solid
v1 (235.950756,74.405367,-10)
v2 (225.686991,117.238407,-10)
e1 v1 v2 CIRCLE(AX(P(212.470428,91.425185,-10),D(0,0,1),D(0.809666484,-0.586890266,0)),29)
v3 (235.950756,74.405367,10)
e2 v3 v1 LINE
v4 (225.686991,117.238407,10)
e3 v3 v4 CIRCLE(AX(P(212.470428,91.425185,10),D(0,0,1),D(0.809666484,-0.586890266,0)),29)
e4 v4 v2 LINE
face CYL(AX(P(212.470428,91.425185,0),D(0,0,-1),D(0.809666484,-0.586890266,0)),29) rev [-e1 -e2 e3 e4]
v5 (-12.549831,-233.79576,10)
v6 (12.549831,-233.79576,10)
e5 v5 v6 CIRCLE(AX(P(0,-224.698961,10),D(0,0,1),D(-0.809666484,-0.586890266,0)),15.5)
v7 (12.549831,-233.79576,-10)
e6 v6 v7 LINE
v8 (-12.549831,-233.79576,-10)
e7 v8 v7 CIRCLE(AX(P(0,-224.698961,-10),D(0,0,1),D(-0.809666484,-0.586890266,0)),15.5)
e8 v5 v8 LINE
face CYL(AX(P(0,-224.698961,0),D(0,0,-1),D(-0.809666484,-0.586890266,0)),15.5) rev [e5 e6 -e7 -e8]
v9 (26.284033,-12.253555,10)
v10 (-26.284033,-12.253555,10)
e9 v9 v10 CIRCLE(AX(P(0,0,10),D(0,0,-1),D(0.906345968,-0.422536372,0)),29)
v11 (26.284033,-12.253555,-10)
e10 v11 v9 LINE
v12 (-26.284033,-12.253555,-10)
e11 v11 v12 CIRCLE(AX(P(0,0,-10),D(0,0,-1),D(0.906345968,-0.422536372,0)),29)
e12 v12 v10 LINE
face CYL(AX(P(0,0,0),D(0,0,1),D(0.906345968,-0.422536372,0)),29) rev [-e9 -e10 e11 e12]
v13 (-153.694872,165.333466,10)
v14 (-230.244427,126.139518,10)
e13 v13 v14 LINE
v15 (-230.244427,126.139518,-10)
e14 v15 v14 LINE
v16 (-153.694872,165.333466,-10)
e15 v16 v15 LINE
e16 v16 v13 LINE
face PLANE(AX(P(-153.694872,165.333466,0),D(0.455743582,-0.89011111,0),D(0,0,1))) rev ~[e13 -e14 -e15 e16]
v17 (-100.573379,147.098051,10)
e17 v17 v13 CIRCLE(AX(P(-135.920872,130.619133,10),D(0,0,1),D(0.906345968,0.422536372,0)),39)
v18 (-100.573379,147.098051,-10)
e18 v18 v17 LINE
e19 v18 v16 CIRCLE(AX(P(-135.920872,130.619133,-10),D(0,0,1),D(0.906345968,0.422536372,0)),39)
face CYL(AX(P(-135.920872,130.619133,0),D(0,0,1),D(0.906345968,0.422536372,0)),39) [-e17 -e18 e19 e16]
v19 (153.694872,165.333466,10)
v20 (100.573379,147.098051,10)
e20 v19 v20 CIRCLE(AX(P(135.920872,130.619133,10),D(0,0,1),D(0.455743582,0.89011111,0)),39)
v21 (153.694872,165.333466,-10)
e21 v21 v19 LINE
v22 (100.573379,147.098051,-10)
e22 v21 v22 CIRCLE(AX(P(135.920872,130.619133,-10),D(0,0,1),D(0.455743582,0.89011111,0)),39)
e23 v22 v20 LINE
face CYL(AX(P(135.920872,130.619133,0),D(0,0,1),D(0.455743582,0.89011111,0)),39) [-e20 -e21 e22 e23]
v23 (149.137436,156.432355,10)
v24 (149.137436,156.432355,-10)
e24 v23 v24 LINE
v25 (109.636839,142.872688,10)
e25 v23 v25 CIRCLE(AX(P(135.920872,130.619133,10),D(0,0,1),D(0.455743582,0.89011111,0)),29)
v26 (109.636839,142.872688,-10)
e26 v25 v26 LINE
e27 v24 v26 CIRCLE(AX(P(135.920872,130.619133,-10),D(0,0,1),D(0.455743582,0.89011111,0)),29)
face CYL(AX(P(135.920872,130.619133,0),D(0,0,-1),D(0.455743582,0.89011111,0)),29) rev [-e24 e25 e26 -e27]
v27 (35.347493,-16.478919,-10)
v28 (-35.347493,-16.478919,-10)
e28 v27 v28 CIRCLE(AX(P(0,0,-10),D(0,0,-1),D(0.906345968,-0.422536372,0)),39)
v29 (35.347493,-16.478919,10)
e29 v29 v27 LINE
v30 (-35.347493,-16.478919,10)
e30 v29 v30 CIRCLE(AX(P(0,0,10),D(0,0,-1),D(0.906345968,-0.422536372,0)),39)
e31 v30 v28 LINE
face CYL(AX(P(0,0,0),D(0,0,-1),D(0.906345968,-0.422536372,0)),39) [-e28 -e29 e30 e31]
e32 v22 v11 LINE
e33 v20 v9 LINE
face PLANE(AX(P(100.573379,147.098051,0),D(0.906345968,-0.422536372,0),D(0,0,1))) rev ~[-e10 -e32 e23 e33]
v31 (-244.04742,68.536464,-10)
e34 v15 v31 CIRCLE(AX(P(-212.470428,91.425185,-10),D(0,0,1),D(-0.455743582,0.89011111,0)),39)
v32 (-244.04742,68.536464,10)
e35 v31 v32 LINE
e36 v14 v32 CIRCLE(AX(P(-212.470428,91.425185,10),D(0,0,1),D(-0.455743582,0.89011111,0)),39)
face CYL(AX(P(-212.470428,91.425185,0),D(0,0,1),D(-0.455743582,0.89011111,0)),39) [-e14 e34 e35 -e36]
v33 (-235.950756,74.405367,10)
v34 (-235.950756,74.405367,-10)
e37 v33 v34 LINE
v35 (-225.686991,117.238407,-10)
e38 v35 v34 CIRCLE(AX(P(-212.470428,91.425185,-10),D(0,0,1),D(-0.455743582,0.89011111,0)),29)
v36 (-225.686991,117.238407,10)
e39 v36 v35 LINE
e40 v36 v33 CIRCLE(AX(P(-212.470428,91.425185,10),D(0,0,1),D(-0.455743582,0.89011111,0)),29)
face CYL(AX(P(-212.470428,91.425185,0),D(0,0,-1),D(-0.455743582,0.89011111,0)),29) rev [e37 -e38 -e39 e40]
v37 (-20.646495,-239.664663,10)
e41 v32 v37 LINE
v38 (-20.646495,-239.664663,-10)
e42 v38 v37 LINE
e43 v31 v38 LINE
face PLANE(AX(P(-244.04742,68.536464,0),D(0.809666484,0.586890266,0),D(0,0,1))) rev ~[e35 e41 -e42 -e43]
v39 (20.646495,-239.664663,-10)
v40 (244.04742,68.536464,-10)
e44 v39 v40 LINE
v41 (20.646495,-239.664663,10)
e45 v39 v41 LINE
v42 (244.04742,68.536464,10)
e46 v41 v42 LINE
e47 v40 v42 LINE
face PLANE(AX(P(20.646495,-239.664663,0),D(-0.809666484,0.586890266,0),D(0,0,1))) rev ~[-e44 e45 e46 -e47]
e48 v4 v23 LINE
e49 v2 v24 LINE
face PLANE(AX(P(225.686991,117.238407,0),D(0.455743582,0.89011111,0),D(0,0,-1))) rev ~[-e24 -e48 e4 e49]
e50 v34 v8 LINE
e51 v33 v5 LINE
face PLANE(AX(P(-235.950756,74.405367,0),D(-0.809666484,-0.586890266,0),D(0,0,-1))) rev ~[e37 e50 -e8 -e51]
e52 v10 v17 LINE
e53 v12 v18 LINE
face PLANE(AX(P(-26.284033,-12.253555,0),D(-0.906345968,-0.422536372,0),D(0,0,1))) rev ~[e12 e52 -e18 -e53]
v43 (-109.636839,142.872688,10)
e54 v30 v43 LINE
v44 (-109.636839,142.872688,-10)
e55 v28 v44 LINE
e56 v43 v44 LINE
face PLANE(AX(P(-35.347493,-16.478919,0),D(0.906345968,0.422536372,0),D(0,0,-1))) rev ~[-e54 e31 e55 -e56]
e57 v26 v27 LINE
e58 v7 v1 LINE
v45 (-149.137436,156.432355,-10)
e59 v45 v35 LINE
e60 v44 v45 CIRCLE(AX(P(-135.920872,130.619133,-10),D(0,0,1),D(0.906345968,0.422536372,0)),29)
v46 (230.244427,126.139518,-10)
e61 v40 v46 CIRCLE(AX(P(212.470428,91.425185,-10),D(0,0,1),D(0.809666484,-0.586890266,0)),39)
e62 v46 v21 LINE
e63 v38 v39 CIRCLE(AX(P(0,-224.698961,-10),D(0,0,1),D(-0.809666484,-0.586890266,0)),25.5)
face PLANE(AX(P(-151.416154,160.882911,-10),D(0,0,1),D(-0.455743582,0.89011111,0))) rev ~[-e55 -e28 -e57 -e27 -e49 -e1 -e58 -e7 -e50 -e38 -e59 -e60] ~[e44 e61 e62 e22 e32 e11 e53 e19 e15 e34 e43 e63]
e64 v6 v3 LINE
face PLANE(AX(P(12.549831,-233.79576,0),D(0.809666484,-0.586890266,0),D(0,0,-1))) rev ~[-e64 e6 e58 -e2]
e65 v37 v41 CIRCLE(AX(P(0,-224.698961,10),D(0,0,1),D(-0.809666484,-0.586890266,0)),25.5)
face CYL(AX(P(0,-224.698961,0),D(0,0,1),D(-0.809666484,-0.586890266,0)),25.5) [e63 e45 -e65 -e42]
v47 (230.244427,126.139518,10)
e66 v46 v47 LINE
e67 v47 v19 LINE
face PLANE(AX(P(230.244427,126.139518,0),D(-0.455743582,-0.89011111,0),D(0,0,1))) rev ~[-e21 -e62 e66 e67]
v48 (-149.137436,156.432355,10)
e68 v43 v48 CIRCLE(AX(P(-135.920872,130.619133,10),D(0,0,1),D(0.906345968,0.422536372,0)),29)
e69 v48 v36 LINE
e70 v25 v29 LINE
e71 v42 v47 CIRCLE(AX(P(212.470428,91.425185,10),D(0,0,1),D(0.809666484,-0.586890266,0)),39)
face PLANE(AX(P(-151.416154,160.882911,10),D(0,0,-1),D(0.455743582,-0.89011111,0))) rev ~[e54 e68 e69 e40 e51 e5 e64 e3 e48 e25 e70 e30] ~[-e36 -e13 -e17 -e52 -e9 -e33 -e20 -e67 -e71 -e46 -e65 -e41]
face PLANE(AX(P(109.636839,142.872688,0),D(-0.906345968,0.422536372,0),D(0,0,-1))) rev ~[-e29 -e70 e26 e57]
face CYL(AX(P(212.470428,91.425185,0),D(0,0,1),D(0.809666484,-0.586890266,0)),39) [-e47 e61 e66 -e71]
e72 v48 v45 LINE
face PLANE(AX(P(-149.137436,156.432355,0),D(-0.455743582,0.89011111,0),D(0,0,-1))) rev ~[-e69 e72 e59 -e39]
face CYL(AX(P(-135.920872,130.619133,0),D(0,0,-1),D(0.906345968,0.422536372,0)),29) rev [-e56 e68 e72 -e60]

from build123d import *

# Parameters (mm, degrees)
CROQUIS3_W = 20
CROQUIS3_H = 10


with BuildPart() as part:
    # Barrer1: sweep along a path in Croquis2
    with BuildLine(Plane.XY) as barrer1_path:
        Line((-149.137435996, 156.432354984), (-225.686991426, 117.238406938))
        ThreePointArc((-225.686991426, 117.238406938), (-240.672072816, 98.182936179), (-235.950755595, 74.405367047))
        Line((-235.950755595, 74.405367047), (-12.549830507, -233.795760351))
        ThreePointArc((-12.549830507, -233.795760351), (0, -240.19896123), (12.549830507, -233.795760351))
        Line((12.549830507, -233.795760351), (235.950755595, 74.405367047))
        ThreePointArc((235.950755595, 74.405367047), (240.672072816, 98.182936179), (225.686991426, 117.238406938))
        Line((225.686991426, 117.238406938), (149.137435996, 156.432354984))
        ThreePointArc((149.137435996, 156.432354984), (126.505149479, 158.04802573), (109.636839036, 142.872687588))
        Line((109.636839036, 142.872687588), (35.347492768, -16.478918502))
        ThreePointArc((35.347492768, -16.478918502), (0, -39), (-35.347492768, -16.478918502))
        Line((-35.347492768, -16.478918502), (-109.636839036, 142.872687588))
        ThreePointArc((-109.636839036, 142.872687588), (-126.505149479, 158.04802573), (-149.137435996, 156.432354984))
    # Croquis3 → Barrer1 (sweep)
    with BuildSketch(Plane(origin=(0, 0, 0), x_dir=(0, 0, -1), z_dir=(1, 0, 0))):
        with Locations((0, -34)):
            Rectangle(CROQUIS3_W, CROQUIS3_H)
    sweep(path=barrer1_path.line)


solid = part.part
